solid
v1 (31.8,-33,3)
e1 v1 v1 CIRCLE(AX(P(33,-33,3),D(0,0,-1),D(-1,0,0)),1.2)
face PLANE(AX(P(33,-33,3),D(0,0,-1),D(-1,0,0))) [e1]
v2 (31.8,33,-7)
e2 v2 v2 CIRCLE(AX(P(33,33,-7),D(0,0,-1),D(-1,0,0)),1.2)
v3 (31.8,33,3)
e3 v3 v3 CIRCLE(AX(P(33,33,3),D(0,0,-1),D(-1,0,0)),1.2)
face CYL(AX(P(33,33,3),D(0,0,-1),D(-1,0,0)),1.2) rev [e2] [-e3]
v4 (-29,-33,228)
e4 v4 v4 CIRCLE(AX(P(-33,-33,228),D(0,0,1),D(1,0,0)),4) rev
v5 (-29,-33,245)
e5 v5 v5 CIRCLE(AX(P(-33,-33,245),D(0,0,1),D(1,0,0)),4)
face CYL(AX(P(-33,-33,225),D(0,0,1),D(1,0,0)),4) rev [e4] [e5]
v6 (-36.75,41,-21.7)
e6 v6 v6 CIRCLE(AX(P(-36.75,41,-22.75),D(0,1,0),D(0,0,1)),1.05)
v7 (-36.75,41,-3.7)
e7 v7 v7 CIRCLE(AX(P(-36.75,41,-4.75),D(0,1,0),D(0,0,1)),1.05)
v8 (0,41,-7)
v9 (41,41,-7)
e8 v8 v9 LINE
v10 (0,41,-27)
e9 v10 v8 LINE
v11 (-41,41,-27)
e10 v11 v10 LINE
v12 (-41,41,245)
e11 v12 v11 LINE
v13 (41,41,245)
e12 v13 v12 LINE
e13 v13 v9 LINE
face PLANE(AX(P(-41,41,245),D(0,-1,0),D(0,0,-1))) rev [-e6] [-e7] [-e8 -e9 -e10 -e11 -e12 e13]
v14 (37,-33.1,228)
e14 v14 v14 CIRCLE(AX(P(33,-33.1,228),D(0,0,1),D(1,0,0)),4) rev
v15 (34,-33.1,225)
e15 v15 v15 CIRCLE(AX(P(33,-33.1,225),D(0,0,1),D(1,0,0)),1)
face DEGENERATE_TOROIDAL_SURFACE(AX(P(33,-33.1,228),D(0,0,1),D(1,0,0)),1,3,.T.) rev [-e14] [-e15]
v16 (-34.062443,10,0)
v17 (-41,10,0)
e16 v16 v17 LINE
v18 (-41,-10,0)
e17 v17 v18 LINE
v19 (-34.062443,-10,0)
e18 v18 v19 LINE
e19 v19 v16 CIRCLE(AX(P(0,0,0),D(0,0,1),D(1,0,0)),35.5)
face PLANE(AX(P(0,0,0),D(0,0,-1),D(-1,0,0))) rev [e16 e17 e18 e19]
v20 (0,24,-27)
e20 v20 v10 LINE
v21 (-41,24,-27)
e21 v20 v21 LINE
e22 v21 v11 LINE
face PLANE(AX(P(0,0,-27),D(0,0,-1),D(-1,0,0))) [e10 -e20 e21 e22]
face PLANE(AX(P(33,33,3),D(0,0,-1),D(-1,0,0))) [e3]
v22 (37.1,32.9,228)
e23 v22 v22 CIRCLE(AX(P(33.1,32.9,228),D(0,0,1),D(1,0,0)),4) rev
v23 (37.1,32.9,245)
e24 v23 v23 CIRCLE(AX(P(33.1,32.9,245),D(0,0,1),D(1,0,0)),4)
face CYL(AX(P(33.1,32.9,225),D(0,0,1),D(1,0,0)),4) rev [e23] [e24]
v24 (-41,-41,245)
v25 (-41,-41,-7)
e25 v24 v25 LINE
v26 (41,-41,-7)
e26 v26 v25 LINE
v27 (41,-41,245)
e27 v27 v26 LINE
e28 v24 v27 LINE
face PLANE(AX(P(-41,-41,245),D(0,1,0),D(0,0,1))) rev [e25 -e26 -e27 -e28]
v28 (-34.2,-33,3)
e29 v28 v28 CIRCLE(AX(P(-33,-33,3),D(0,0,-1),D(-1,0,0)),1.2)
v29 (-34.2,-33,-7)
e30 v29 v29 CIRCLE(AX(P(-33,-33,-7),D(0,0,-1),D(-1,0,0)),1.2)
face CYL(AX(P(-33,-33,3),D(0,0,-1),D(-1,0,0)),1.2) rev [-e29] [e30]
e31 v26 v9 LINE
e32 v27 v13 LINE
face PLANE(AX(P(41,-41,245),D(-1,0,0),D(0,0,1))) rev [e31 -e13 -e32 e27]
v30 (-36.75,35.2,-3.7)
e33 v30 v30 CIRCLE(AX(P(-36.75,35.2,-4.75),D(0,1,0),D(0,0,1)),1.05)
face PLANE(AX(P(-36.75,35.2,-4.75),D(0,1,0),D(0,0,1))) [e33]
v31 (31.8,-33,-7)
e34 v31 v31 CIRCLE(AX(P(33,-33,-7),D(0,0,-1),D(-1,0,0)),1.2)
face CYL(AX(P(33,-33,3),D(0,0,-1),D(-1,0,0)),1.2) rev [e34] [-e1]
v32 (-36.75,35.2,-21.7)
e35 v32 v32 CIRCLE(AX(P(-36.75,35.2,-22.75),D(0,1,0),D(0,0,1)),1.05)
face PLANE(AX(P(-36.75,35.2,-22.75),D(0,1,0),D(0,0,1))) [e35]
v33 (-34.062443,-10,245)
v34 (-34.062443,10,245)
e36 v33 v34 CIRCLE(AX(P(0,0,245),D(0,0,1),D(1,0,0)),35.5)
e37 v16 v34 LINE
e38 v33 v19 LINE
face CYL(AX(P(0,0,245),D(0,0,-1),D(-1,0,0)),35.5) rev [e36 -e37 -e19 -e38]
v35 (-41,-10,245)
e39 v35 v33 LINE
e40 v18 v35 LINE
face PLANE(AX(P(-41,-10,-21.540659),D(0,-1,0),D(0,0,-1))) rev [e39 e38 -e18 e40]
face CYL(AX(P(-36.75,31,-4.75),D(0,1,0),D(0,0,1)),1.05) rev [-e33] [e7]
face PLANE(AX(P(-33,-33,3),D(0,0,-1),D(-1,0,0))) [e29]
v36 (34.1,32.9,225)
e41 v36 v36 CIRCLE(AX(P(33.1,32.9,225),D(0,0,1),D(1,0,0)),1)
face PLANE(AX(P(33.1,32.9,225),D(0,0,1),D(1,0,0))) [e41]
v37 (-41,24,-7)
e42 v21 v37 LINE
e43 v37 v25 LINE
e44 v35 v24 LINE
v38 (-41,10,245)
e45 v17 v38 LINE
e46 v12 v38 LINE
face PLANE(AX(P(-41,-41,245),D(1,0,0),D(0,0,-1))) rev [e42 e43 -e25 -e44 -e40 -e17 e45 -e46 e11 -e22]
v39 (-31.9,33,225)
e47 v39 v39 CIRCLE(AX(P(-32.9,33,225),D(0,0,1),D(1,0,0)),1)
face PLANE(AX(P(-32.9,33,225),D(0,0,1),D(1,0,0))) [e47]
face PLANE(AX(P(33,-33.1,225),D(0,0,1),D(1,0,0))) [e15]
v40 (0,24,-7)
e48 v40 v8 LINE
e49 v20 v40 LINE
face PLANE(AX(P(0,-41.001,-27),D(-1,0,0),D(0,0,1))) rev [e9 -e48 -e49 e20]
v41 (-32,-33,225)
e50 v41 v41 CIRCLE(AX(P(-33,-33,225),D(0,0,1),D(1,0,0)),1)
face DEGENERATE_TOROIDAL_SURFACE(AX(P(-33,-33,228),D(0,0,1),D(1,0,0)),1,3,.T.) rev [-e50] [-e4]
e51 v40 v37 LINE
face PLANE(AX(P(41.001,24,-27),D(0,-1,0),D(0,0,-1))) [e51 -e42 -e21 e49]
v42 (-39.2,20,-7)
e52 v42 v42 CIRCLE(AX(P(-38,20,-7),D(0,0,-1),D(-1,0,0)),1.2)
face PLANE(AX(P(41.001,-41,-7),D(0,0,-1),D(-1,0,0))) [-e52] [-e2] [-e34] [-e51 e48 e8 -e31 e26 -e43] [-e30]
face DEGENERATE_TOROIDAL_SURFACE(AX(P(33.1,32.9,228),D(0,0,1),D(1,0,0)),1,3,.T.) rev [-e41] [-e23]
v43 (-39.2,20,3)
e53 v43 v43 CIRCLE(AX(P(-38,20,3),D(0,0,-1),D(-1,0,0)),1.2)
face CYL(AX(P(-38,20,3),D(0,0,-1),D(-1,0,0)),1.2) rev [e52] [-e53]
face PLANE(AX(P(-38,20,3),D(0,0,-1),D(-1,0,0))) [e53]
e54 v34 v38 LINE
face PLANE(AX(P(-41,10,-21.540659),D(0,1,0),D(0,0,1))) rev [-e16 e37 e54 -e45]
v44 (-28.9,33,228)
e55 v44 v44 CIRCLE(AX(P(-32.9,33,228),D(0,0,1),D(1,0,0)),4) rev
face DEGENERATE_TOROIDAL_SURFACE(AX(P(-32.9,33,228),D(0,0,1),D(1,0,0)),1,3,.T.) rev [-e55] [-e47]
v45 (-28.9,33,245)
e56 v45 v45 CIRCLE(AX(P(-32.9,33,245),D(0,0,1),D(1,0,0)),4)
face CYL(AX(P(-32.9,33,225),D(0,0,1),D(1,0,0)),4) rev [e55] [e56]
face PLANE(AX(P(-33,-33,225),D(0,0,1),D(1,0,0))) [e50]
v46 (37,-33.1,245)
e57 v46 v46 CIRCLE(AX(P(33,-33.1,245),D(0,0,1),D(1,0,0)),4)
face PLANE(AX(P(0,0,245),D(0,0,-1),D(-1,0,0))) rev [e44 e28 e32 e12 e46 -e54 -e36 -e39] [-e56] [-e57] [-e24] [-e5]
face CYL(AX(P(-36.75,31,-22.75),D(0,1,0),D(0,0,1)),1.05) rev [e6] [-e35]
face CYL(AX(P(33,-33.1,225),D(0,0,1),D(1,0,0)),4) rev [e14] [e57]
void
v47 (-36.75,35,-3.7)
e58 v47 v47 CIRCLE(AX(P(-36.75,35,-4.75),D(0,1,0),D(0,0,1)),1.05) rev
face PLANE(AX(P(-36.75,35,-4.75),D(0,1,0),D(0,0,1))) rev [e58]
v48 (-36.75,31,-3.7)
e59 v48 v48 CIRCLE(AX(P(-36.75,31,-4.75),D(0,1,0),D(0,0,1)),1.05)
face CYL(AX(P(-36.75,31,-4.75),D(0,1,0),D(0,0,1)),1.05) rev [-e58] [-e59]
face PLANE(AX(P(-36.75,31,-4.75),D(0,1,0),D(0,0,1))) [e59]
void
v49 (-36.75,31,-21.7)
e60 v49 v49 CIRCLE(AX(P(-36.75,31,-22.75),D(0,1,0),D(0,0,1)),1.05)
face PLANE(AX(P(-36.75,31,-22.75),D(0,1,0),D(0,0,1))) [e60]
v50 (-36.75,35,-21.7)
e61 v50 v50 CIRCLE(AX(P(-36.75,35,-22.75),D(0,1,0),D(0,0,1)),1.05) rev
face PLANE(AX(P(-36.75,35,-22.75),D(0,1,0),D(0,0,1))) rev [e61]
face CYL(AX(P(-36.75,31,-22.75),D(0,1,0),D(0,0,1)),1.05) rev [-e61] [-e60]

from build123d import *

# Parameters (mm, degrees)
SKETCH_1_W          = 82
SKETCH_1_H          = 82
SKETCH_1_R          = 35.5
EXTRUDE_1_DEPTH     = 245
SKETCH_2_W          = 82
SKETCH_2_H          = 82
EXTRUDE_2_DEPTH     = 27
SKETCH_3_W          = 8
SKETCH_3_H          = 20
CUT_EXTRUDE_1_DEPTH = 245
SKETCH_4_R          = 4
CUT_EXTRUDE_2_DEPTH = 20
FILLET_2_R          = 3
FILLET_3_R          = 3
FILLET_4_R          = 3
FILLET_5_R          = 3
SKETCH_5_R          = 1.05
CUT_EXTRUDE_3_DEPTH = 10
EXTRUDE_START       = 0.2
SKETCH_6_R          = 1.05
EXTRUDE_3_DEPTH     = 0.2
CUT_EXTRUDE_5_REACH = 263.591
SKETCH_7_W          = 20
SKETCH_7_H          = 65
CUT_EXTRUDE_6_REACH = 263.591
SKETCH_8_W          = 41
SKETCH_8_H          = 20
SKETCH_9_R          = 1.2
CUT_EXTRUDE_7_DEPTH = 10


with BuildPart() as part:
    # 草圖1 → 填料-伸長1 (new body)
    with BuildSketch(Plane.XY):
        Rectangle(SKETCH_1_W, SKETCH_1_H)
        Circle(SKETCH_1_R, mode=Mode.SUBTRACT)
    extrude(amount=EXTRUDE_1_DEPTH)

    # 草圖2 → 填料-伸長2 (add)
    with BuildSketch(Plane(origin=(0, 0, 0), x_dir=(-1, 0, 0), z_dir=(0, 0, -1))):
        Rectangle(SKETCH_2_W, SKETCH_2_H)
    extrude(amount=EXTRUDE_2_DEPTH)

    # 草圖3 → 除料-伸長1 (cut)
    with BuildSketch(Plane.XY.offset(245)):
        with Locations((-37, 0)):
            Rectangle(SKETCH_3_W, SKETCH_3_H)
    extrude(amount=-CUT_EXTRUDE_1_DEPTH, mode=Mode.SUBTRACT)

    # 草圖4 → 除料-伸長2 (cut)
    with BuildSketch(Plane.XY.offset(245)):
        with Locations((-32.9, 33)):
            Circle(SKETCH_4_R)
        with Locations((33.1, 32.9)):
            Circle(SKETCH_4_R)
        with Locations((33, -33.1)):
            Circle(SKETCH_4_R)
        with Locations((-33, -33)):
            Circle(SKETCH_4_R)
    extrude(amount=-CUT_EXTRUDE_2_DEPTH, mode=Mode.SUBTRACT)

    # 圓角2
    fillet_2_edges = [part.edges().sort_by_distance(p)[0] for p in [
        (-36.9, 33, 225),
    ]]
    fillet(fillet_2_edges, radius=FILLET_2_R)

    # 圓角3
    fillet_3_edges = [part.edges().sort_by_distance(p)[0] for p in [
        (29.1, 32.9, 225),
    ]]
    fillet(fillet_3_edges, radius=FILLET_3_R)

    # 圓角4
    fillet_4_edges = [part.edges().sort_by_distance(p)[0] for p in [
        (-37, -33, 225),
    ]]
    fillet(fillet_4_edges, radius=FILLET_4_R)

    # 圓角5
    fillet_5_edges = [part.edges().sort_by_distance(p)[0] for p in [
        (29, -33.1, 225),
    ]]
    fillet(fillet_5_edges, radius=FILLET_5_R)

    # 草圖5 → 除料-伸長3 (cut)
    with BuildSketch(Plane(origin=(0, 41, 0), x_dir=(1, 0, 0), z_dir=(0, 1, 0))):
        with Locations(Location((-36.75, 22.75, 0), (0, 0, 270))):
            Circle(SKETCH_5_R)
        with Locations(Location((-36.75, 4.75, 0), (0, 0, 270))):
            Circle(SKETCH_5_R)
    extrude(amount=-CUT_EXTRUDE_3_DEPTH, mode=Mode.SUBTRACT)

    # 草圖6 → 填料-伸長3 (add)
    with BuildSketch(Plane(origin=(0, 35, 0), x_dir=(1, 0, 0), z_dir=(0, 1, 0)).offset(EXTRUDE_START)):
        with Locations(Location((-36.75, 22.75, 0), (0, 0, 270))):
            Circle(SKETCH_6_R)
        with Locations(Location((-36.75, 4.75, 0), (0, 0, 270))):
            Circle(SKETCH_6_R)
    extrude(amount=-EXTRUDE_3_DEPTH)

    # 草圖7 → 除料-伸長5 (cut, up to next)
    with BuildSketch(Plane(origin=(-41, 0, 0), x_dir=(0, 0, -1), z_dir=(1, 0, 0)), mode=Mode.PRIVATE) as cut_extrude_5_sk1:
        with Locations((17, -8.5)):
            Rectangle(SKETCH_7_W, SKETCH_7_H)
    cut_extrude_5_tool1 = extrude(cut_extrude_5_sk1.sketch, amount=CUT_EXTRUDE_5_REACH, mode=Mode.PRIVATE) & part.part
    add(cut_extrude_5_tool1.solids().sort_by_distance((-41, -8.5, -17))[0], mode=Mode.SUBTRACT)

    # 草圖8 → 除料-伸長6 (cut, up to next)
    with BuildSketch(Plane(origin=(0, 41, 0), x_dir=(1, 0, 0), z_dir=(0, 1, 0)), mode=Mode.PRIVATE) as cut_extrude_6_sk1:
        with Locations((20.5, 17)):
            Rectangle(SKETCH_8_W, SKETCH_8_H)
    cut_extrude_6_tool1 = extrude(cut_extrude_6_sk1.sketch, amount=-CUT_EXTRUDE_6_REACH, mode=Mode.PRIVATE) & part.part
    add(cut_extrude_6_tool1.solids().sort_by_distance((20.5, 41, -17))[0], mode=Mode.SUBTRACT)

    # 草圖9 → 除料-伸長7 (cut)
    with BuildSketch(Plane(origin=(0, 0, -7), x_dir=(-1, 0, 0), z_dir=(0, 0, -1))):
        with Locations((-33, 33)):
            Circle(SKETCH_9_R)
        with Locations((-33, -33)):
            Circle(SKETCH_9_R)
        with Locations((33, -33)):
            Circle(SKETCH_9_R)
        with Locations((38, 20)):
            Circle(SKETCH_9_R)
    extrude(amount=-CUT_EXTRUDE_7_DEPTH, mode=Mode.SUBTRACT)


solid = part.part
